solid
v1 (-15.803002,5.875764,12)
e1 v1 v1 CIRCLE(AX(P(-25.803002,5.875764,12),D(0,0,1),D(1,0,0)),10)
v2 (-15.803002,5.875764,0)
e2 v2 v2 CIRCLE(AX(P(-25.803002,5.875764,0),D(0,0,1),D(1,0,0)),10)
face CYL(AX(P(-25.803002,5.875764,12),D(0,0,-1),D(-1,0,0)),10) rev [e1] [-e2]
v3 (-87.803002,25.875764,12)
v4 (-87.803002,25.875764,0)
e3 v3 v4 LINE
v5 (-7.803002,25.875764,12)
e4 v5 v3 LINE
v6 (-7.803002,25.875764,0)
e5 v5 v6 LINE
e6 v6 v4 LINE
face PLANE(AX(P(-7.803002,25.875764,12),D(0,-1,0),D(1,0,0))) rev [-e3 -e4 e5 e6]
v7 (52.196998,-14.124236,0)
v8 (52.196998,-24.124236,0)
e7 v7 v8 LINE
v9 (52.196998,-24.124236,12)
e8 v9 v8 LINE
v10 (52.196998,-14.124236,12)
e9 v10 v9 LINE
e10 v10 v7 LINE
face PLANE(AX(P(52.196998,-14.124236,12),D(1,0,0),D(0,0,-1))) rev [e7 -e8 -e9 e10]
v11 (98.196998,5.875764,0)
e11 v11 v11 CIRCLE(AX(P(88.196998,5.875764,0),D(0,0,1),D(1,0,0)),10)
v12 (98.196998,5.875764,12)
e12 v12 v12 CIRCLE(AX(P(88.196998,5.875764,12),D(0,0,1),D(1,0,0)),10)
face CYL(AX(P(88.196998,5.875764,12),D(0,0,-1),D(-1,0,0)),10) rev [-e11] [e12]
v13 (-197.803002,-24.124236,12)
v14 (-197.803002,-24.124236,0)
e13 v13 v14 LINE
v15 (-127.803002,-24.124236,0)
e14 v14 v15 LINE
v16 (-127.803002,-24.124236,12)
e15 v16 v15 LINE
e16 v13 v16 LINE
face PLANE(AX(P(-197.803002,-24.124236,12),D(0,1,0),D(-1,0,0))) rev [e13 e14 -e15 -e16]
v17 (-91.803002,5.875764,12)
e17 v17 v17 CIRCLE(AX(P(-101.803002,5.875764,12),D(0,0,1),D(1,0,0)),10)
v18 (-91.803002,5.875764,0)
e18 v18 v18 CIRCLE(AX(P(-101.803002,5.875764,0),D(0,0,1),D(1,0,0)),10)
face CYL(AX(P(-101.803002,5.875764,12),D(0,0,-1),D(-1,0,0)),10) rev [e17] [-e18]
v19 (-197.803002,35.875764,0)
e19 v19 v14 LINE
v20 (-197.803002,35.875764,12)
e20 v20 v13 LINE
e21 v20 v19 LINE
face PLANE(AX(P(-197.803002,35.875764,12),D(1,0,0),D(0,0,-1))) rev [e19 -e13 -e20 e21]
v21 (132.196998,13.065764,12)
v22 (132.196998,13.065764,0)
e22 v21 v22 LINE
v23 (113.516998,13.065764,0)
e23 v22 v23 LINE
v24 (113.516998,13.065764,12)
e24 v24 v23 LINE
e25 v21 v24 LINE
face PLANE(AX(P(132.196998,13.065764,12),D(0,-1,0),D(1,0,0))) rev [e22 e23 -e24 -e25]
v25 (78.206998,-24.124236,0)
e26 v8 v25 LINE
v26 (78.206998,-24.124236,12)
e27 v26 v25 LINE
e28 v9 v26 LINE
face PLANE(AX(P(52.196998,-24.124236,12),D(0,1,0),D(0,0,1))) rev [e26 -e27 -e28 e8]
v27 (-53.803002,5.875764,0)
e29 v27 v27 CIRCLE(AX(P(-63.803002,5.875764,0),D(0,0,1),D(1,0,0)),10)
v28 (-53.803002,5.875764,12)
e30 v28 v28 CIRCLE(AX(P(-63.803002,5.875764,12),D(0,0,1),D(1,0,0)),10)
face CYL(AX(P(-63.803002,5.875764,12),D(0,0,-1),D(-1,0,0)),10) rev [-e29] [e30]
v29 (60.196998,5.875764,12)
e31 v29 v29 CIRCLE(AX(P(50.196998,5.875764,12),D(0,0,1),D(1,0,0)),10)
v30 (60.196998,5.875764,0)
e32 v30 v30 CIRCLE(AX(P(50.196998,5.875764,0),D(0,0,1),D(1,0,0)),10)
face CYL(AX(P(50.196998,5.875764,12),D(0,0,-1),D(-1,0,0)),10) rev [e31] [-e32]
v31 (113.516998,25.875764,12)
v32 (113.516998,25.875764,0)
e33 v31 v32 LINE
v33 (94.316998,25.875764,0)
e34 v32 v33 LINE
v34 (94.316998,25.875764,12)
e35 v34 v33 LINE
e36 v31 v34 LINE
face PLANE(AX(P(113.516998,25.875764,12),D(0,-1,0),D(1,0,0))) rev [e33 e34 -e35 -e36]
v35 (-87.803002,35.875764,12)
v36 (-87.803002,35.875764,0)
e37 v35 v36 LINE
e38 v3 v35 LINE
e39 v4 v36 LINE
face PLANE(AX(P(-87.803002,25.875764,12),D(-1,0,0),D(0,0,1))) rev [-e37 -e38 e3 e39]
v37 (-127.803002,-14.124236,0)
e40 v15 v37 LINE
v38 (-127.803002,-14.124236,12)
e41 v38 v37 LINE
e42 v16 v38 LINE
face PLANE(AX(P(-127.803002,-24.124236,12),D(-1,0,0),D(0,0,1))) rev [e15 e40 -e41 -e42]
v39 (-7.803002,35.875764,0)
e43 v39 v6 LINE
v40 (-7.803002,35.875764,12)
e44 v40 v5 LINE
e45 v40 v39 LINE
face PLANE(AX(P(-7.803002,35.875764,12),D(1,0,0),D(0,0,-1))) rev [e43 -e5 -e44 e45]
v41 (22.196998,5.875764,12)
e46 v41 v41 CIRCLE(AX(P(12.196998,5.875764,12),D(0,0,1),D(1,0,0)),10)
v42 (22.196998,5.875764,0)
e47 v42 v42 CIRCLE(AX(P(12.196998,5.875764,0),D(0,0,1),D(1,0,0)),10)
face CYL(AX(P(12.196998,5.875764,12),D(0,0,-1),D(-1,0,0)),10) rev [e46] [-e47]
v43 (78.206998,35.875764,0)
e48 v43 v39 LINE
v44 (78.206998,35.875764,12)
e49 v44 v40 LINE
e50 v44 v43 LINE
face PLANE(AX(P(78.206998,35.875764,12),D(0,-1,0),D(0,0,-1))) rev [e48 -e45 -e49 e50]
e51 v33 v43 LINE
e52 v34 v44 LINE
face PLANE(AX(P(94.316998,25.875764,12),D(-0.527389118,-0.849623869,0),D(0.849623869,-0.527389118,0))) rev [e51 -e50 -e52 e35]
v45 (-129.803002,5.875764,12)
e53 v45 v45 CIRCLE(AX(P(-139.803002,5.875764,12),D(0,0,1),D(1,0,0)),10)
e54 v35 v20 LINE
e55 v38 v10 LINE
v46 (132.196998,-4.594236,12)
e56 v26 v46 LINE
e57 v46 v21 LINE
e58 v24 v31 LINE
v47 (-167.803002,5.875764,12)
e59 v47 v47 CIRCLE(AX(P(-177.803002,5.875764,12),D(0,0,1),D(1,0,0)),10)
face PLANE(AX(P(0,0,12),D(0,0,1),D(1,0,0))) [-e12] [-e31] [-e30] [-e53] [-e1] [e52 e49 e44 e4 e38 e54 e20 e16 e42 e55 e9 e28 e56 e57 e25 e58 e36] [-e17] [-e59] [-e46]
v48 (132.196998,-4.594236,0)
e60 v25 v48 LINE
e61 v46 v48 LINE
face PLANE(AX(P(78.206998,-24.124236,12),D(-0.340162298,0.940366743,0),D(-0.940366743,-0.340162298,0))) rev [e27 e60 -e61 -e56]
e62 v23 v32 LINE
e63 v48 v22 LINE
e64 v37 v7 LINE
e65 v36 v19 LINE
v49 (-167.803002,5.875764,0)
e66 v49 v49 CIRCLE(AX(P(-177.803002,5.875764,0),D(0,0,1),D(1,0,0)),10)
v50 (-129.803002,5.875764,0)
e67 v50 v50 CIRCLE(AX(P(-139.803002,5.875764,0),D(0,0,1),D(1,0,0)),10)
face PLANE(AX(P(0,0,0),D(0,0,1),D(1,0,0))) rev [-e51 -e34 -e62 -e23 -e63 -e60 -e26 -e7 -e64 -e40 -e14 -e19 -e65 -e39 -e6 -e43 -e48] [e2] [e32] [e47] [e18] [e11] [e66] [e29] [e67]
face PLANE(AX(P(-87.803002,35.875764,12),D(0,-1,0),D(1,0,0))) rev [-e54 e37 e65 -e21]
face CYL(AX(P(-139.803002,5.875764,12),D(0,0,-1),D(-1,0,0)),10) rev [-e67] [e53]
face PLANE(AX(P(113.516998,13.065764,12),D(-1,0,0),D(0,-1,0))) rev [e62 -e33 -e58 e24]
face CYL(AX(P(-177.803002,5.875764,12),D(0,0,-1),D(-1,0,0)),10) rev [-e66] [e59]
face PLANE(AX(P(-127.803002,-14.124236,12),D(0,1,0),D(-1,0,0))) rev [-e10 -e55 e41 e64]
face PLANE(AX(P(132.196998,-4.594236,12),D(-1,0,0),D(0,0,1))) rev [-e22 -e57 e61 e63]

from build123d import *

# Parameters (mm, degrees)
SKETCH1_R           = 10
BOSS_EXTRUDE3_DEPTH = 12


with BuildPart() as part:
    # Sketch1 → Boss-Extrude3 (new body)
    with BuildSketch(Plane.XY):
        Polygon((-197.803002033, 35.875764478), (-197.803002033, -24.124235522), (-127.803002033, -24.124235522), (-127.803002033, -14.124235522), (52.196997967, -14.124235522), (52.196997967, -24.124235522), (78.206997967, -24.124235522), (132.196997967, -4.594235522), (132.196997967, 13.065764478), (113.516997967, 13.065764478), (113.516997967, 25.875764478), (94.316997967, 25.875764478), (78.206997967, 35.875764478), (-7.803002033, 35.875764478), (-7.803002033, 25.875764478), (-87.803002033, 25.875764478), (-87.803002033, 35.875764478), align=None)
        with Locations((-177.803002033, 5.875764478)):
            Circle(SKETCH1_R, mode=Mode.SUBTRACT)
        with Locations((-139.803002033, 5.875764478)):
            Circle(SKETCH1_R, mode=Mode.SUBTRACT)
        with Locations((-101.803002033, 5.875764478)):
            Circle(SKETCH1_R, mode=Mode.SUBTRACT)
        with Locations((-63.803002033, 5.875764478)):
            Circle(SKETCH1_R, mode=Mode.SUBTRACT)
        with Locations((-25.803002033, 5.875764478)):
            Circle(SKETCH1_R, mode=Mode.SUBTRACT)
        with Locations((12.196997967, 5.875764478)):
            Circle(SKETCH1_R, mode=Mode.SUBTRACT)
        with Locations((50.196997967, 5.875764478)):
            Circle(SKETCH1_R, mode=Mode.SUBTRACT)
        with Locations((88.196997967, 5.875764478)):
            Circle(SKETCH1_R, mode=Mode.SUBTRACT)
    extrude(amount=BOSS_EXTRUDE3_DEPTH)


solid = part.part
